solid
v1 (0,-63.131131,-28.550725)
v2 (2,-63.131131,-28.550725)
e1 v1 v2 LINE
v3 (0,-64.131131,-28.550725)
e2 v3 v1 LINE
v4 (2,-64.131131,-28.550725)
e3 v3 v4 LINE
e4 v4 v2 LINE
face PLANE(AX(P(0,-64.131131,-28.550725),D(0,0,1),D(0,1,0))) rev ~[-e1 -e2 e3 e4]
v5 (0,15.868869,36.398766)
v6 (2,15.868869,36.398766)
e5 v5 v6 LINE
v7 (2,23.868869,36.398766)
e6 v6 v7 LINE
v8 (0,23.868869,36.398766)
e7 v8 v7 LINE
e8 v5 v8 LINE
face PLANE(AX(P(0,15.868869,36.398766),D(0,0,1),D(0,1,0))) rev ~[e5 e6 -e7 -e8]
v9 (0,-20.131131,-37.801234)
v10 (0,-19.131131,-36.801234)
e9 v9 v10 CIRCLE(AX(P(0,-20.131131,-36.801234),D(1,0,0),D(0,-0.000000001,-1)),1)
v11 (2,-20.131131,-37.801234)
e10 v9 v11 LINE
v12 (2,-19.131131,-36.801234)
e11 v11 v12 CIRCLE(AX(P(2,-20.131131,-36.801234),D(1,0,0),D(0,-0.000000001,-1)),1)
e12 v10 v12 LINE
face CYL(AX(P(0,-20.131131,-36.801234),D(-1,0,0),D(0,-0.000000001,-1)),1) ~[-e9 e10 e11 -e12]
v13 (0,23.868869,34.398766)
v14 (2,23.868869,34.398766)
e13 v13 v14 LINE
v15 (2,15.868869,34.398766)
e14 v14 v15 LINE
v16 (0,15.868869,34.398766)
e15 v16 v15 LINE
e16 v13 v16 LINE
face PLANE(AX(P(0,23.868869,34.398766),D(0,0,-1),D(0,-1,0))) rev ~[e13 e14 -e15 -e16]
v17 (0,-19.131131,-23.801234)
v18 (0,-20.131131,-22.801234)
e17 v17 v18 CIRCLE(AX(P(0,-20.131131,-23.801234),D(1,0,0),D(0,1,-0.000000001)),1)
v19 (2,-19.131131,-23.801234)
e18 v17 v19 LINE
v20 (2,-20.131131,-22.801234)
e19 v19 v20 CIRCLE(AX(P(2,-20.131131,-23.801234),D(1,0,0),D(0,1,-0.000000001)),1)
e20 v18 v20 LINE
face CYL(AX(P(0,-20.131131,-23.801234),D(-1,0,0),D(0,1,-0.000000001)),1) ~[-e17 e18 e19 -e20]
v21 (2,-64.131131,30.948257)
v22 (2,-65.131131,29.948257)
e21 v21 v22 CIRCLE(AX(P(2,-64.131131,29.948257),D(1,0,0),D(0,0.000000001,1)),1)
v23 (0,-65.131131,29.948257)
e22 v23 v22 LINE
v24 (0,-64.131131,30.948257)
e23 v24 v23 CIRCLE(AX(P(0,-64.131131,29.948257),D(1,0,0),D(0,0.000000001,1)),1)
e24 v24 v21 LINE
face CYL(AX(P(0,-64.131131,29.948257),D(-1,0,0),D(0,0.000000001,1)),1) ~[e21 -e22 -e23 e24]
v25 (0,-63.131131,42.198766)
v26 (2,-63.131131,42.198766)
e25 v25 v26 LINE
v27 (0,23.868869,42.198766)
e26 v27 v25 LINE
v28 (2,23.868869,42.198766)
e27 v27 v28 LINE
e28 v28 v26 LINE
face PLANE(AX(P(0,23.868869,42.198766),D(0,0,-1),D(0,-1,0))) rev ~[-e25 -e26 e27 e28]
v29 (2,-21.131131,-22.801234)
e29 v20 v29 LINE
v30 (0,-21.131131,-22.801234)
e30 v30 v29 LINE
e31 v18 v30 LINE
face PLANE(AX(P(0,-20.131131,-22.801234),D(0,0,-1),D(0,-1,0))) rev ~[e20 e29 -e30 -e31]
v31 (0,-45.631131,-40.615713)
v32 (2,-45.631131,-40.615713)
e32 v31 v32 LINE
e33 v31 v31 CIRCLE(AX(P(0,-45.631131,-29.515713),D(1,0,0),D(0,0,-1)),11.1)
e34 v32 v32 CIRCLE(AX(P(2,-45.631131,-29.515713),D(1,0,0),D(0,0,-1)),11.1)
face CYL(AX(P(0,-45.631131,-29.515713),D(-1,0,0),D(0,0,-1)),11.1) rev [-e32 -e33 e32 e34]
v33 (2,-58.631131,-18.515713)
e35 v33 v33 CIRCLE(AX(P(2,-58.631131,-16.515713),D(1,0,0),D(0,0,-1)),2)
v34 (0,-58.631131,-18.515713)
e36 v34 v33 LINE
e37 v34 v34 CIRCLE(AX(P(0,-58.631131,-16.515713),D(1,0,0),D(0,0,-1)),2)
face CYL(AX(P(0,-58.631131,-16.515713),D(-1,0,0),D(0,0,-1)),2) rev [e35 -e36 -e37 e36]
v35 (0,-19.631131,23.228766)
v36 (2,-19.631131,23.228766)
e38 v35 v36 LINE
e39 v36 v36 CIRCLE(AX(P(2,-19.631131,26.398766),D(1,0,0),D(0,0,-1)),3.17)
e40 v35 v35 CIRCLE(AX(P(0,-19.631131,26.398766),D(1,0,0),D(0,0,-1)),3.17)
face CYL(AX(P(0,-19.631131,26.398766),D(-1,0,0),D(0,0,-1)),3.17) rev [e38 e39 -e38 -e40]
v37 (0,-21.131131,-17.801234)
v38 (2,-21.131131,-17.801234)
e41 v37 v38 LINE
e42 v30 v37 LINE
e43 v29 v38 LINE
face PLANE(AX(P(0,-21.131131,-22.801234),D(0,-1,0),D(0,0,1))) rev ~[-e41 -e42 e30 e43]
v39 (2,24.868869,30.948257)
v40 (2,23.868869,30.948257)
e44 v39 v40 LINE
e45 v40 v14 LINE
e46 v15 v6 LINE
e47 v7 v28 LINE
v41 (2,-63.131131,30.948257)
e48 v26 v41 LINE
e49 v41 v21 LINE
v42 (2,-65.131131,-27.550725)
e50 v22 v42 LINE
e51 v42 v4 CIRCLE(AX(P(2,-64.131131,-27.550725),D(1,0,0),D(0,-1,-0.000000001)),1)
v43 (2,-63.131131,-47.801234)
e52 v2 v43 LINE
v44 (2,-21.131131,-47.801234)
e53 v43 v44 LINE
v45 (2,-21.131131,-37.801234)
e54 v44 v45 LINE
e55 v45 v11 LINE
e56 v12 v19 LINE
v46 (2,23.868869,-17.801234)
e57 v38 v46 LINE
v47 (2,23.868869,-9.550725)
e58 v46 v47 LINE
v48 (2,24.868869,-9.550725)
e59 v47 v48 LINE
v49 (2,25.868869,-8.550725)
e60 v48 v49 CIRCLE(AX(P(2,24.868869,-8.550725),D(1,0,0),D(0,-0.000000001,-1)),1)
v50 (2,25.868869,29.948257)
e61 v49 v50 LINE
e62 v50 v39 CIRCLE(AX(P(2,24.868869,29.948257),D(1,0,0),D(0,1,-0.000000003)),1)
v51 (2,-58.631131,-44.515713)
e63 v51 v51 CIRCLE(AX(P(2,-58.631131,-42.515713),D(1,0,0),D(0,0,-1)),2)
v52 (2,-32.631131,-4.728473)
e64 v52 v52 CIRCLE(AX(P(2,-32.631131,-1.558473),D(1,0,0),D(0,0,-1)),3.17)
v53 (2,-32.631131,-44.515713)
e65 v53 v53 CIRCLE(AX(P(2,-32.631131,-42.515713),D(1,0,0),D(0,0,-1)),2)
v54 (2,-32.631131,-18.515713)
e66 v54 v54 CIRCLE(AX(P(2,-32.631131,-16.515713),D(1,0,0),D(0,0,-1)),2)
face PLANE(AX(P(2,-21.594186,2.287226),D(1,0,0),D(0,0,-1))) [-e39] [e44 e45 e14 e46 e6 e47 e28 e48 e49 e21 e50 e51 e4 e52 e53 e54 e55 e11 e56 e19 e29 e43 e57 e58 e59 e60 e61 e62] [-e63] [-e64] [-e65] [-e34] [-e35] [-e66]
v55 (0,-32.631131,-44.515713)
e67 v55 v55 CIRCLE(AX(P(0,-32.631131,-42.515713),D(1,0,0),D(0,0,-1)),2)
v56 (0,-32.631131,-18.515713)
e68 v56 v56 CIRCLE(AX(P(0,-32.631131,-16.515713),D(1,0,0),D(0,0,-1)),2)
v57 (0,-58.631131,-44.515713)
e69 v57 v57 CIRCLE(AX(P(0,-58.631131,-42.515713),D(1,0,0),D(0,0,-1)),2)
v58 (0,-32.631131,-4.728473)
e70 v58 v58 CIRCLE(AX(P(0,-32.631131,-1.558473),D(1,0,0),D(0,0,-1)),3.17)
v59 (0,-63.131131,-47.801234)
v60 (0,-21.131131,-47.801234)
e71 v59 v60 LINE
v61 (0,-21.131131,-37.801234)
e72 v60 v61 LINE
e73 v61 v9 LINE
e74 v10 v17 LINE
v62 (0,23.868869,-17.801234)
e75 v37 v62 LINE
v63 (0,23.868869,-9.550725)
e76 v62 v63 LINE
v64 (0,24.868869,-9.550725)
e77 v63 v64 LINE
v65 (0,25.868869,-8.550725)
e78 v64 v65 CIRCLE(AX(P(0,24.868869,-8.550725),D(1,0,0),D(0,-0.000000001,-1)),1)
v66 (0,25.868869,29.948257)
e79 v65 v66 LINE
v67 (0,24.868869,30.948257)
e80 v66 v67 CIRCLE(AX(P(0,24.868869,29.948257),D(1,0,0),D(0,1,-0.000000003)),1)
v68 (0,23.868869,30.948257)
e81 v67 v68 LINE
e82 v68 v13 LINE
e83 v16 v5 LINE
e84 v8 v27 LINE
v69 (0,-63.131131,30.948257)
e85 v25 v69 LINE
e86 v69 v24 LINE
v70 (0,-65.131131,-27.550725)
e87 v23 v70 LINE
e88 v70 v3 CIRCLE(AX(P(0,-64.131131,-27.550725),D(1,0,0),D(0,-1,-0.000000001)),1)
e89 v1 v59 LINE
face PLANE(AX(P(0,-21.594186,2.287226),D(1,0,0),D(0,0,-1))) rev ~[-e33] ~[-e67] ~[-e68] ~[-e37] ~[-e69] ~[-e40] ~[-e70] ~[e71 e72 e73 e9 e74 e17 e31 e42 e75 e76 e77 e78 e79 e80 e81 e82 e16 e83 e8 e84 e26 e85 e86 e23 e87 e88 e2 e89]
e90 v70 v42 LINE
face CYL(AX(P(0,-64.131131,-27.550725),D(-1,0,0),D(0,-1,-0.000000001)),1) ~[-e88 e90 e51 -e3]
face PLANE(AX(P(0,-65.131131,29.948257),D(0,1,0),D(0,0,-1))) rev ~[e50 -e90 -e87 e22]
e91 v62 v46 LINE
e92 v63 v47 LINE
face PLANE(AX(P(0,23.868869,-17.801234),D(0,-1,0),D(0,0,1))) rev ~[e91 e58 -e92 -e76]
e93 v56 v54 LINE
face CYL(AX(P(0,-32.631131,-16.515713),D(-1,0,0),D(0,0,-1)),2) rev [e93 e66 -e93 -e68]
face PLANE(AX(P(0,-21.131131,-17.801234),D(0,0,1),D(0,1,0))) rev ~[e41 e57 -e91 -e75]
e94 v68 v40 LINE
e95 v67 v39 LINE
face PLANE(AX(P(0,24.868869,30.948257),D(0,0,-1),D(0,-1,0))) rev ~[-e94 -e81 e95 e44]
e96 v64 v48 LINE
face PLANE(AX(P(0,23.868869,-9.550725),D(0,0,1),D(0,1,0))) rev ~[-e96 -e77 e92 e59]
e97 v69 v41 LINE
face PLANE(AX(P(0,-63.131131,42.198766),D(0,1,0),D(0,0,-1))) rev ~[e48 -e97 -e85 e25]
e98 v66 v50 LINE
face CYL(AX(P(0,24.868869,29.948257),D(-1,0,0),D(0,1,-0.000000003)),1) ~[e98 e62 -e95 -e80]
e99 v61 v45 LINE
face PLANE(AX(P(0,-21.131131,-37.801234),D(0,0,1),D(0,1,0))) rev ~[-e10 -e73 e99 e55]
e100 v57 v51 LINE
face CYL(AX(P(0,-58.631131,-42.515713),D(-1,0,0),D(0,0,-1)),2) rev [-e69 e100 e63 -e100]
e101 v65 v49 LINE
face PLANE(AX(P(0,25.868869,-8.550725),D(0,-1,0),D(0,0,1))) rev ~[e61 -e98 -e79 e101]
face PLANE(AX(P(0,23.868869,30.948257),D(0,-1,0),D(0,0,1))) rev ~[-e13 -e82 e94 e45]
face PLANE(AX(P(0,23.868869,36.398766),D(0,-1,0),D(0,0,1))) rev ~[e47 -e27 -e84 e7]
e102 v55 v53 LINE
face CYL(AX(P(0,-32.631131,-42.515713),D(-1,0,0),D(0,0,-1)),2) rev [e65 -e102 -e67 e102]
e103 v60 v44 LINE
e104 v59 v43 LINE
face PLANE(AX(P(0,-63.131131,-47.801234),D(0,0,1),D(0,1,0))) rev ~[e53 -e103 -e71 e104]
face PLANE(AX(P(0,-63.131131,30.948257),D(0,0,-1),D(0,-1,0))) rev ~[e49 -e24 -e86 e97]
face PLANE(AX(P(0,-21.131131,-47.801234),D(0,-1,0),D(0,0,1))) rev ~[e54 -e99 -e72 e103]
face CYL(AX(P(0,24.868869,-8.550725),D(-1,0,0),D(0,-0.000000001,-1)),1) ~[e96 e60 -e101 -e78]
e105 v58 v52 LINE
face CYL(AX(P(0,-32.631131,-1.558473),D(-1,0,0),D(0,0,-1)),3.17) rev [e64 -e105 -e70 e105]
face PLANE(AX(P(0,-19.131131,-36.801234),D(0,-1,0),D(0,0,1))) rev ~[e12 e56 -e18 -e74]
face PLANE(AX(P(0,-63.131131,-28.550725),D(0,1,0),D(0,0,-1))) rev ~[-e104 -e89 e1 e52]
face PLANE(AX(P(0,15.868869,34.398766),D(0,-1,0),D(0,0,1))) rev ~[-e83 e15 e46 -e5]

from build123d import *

# Parameters (mm, degrees)
SKETCH1_R           = 3.17
SKETCH1_R_2         = 11.1
SKETCH1_R_3         = 2
BOSS_EXTRUDE2_DEPTH = 2


with BuildPart() as part:
    # Sketch1 → Boss-Extrude2 (new body)
    with BuildSketch(Plane(origin=(0, 0, 0), x_dir=(0, 0, -1), z_dir=(1, 0, 0))):
        with BuildLine():
            Line((47.801233781, -63.131130768), (47.801233781, -21.131130768))
            Line((47.801233781, -21.131130768), (37.801233781, -21.131130768))
            Line((37.801233781, -21.131130768), (37.801233781, -20.131130768))
            ThreePointArc((37.801233781, -20.131130768), (37.508340562, -19.424023986), (36.801233781, -19.131130768))
            Line((36.801233781, -19.131130768), (23.801233781, -19.131130768))
            ThreePointArc((23.801233781, -19.131130768), (23.094127, -19.424023986), (22.801233781, -20.131130768))
            Line((22.801233781, -20.131130768), (22.801233781, -21.131130768))
            Line((22.801233781, -21.131130768), (17.801233781, -21.131130768))
            Line((17.801233781, -21.131130768), (17.801233781, 23.868869232))
            Line((17.801233781, 23.868869232), (9.55072491, 23.868869232))
            Line((9.55072491, 23.868869232), (9.55072491, 24.868869232))
            ThreePointArc((9.55072491, 24.868869232), (9.257831691, 25.575976014), (8.55072491, 25.868869232))
            Line((8.55072491, 25.868869232), (-29.948257347, 25.868869232))
            ThreePointArc((-29.948257347, 25.868869232), (-30.655364129, 25.575976014), (-30.948257347, 24.868869232))
            Line((-30.948257347, 24.868869232), (-30.948257347, 23.868869232))
            Line((-30.948257347, 23.868869232), (-34.398766219, 23.868869232))
            Line((-34.398766219, 23.868869232), (-34.398766219, 15.868869232))
            Line((-34.398766219, 15.868869232), (-36.398766219, 15.868869232))
            Line((-36.398766219, 15.868869232), (-36.398766219, 23.868869232))
            Line((-36.398766219, 23.868869232), (-42.198766219, 23.868869232))
            Line((-42.198766219, 23.868869232), (-42.198766219, -63.131130768))
            Line((-42.198766219, -63.131130768), (-30.948257347, -63.131130768))
            Line((-30.948257347, -63.131130768), (-30.948257347, -64.131130768))
            ThreePointArc((-30.948257347, -64.131130768), (-30.655364129, -64.838237549), (-29.948257347, -65.131130768))
            Line((-29.948257347, -65.131130768), (27.55072491, -65.131130768))
            ThreePointArc((27.55072491, -65.131130768), (28.257831691, -64.838237549), (28.55072491, -64.131130768))
            Line((28.55072491, -64.131130768), (28.55072491, -63.131130768))
            Line((28.55072491, -63.131130768), (47.801233781, -63.131130768))
        make_face()
        with Locations((-26.398766219, -19.631130768)):
            Circle(SKETCH1_R, mode=Mode.SUBTRACT)
        with Locations((29.515713155, -45.631130768)):
            Circle(SKETCH1_R_2, mode=Mode.SUBTRACT)
        with Locations((16.515713155, -32.631130768)):
            Circle(SKETCH1_R_3, mode=Mode.SUBTRACT)
        with Locations((42.515713155, -32.631130768)):
            Circle(SKETCH1_R_3, mode=Mode.SUBTRACT)
        with Locations((42.515713155, -58.631130768)):
            Circle(SKETCH1_R_3, mode=Mode.SUBTRACT)
        with Locations((16.515713155, -58.631130768)):
            Circle(SKETCH1_R_3, mode=Mode.SUBTRACT)
        with Locations((1.558473468, -32.631130768)):
            Circle(SKETCH1_R, mode=Mode.SUBTRACT)
    extrude(amount=BOSS_EXTRUDE2_DEPTH)


solid = part.part
